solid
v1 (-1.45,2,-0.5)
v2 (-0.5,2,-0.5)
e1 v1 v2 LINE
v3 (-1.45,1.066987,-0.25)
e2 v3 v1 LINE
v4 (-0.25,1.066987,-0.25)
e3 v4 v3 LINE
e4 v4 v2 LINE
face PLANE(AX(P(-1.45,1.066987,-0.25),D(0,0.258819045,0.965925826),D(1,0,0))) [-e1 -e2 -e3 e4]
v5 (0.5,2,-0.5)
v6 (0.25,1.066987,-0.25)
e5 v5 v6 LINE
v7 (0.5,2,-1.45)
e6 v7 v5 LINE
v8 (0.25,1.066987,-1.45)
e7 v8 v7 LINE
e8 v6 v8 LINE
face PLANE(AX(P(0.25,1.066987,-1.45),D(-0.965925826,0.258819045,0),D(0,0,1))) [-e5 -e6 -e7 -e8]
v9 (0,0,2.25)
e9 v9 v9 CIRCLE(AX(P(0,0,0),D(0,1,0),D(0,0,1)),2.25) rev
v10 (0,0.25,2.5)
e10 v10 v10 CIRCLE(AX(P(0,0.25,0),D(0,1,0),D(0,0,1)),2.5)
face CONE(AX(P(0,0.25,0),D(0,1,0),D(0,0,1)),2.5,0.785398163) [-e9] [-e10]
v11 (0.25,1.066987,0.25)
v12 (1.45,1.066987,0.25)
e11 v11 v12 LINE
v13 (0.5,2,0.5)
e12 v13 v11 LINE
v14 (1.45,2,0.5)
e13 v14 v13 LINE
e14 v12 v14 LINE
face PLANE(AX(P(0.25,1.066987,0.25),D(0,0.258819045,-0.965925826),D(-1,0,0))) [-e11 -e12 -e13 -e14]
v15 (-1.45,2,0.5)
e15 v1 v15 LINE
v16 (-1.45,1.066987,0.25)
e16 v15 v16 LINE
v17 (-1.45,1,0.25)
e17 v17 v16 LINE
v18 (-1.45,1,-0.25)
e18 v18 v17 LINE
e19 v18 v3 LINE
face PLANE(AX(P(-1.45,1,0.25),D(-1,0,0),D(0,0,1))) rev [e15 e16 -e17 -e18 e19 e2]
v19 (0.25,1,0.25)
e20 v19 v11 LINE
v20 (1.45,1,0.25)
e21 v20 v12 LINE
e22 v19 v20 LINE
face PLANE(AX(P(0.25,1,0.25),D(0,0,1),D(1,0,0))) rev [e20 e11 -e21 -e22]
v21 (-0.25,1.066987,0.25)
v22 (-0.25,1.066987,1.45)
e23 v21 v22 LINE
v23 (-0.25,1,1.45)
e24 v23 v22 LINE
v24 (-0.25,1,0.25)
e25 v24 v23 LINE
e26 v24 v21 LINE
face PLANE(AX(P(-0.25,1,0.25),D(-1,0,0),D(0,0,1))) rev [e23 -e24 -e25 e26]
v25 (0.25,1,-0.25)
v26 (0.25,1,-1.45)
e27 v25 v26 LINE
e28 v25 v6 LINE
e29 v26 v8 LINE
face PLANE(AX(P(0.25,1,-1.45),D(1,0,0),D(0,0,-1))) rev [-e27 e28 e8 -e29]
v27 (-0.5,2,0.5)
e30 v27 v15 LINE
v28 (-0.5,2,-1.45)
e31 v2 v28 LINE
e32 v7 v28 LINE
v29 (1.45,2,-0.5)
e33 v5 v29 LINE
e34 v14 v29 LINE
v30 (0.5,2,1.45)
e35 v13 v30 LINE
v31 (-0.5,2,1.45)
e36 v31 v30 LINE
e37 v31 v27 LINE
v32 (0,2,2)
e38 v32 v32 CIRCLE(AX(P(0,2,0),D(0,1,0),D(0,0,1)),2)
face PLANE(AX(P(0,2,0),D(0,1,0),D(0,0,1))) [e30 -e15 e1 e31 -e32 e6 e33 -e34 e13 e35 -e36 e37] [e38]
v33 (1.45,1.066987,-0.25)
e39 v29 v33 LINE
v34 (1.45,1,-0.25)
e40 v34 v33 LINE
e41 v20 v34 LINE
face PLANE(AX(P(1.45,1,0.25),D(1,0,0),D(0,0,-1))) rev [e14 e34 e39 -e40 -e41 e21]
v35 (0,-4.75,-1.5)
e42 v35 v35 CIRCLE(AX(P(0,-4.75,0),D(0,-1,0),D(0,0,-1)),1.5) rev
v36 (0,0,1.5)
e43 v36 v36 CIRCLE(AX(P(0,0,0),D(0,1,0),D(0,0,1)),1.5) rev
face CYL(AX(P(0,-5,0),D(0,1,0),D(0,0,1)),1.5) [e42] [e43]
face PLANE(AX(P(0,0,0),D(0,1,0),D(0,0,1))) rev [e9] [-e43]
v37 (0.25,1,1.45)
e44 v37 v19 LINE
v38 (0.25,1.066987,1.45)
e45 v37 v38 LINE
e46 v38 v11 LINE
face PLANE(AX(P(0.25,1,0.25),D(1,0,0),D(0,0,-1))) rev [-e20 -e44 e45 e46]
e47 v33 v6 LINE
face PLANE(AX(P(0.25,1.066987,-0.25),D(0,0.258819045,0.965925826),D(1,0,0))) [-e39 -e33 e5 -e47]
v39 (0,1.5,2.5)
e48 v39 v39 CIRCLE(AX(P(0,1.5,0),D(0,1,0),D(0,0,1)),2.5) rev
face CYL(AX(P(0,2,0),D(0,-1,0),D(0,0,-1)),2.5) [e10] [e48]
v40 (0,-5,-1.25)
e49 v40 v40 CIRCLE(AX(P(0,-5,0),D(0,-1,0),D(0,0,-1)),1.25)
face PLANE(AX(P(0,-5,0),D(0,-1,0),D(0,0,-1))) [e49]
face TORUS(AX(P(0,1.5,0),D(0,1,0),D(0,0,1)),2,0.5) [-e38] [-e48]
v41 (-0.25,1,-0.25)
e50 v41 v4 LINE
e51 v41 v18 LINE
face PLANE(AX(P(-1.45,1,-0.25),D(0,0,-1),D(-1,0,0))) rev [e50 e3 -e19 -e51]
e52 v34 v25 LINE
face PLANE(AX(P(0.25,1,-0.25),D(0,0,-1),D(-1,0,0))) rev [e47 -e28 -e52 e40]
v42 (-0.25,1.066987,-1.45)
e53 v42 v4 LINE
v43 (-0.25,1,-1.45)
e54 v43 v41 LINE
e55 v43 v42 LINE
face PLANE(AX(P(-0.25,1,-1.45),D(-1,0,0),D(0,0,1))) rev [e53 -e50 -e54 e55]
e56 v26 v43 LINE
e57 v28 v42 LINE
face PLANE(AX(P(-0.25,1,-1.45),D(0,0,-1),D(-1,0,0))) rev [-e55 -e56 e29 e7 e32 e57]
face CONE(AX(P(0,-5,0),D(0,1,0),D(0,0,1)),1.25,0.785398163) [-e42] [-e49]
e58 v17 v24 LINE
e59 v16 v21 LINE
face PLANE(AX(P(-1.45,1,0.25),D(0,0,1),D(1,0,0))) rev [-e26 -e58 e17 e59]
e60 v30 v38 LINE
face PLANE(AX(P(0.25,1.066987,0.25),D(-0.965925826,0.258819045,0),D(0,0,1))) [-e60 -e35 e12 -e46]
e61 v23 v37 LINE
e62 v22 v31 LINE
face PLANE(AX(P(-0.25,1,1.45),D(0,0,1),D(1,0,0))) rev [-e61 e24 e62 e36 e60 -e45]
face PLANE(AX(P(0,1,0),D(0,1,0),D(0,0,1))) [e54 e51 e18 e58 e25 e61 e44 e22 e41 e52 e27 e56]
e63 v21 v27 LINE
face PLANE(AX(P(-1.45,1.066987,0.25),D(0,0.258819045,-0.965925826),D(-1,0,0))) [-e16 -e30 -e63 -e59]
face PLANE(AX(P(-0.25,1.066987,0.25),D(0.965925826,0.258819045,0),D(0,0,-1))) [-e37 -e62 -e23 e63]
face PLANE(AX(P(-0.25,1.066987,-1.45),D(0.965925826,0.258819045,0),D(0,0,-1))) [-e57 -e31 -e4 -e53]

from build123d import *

# Parameters (mm, degrees)
CROQUIS1_R              = 2.5
SALIENTE_EXTRUIR1_DEPTH = 2
CROQUIS2_R              = 1.5
SALIENTE_EXTRUIR2_DEPTH = 5
CHAFL_N1_SIZE           = 0.25
REDONDEO1_R             = 0.5
CORTAR_EXTRUIR1_DEPTH   = 1
CHAFL_N2_SIZE           = 0.25
CHAFL_N2_SIZE2          = 0.933012702


with BuildPart() as part:
    # Croquis1 → Saliente-Extruir1 (new body)
    with BuildSketch(Plane(origin=(0, 0, 0), x_dir=(1, 0, 0), z_dir=(0, 1, 0))):
        Circle(CROQUIS1_R)
    extrude(amount=SALIENTE_EXTRUIR1_DEPTH)

    # Croquis2 → Saliente-Extruir2 (add)
    with BuildSketch(Plane.XZ):
        Circle(CROQUIS2_R)
    extrude(amount=SALIENTE_EXTRUIR2_DEPTH)

    # Chaflán1
    chafl_n1_edges = [part.edges().sort_by_distance(p)[0] for p in [
        (-2.5, 0, 0),
        (-1.5, -5, 0),
    ]]
    chamfer(chafl_n1_edges, length=CHAFL_N1_SIZE)

    # Redondeo1
    redondeo1_edges = [part.edges().sort_by_distance(p)[0] for p in [
        (-2.5, 2, 0),
    ]]
    fillet(redondeo1_edges, radius=REDONDEO1_R)

    # Croquis3 → Cortar-Extruir1 (cut)
    with BuildSketch(Plane(origin=(0, 2, 0), x_dir=(1, 0, 0), z_dir=(0, 1, 0))):
        Polygon((0.25, 0.25), (1.45, 0.25), (1.45, -0.25), (0.25, -0.25), (0.25, -1.45), (-0.25, -1.45), (-0.25, -0.25), (-1.45, -0.25), (-1.45, 0.25), (-0.25, 0.25), (-0.25, 1.45), (0.25, 1.45), align=None)
    extrude(amount=-CORTAR_EXTRUIR1_DEPTH, mode=Mode.SUBTRACT)

    # Chaflán2
    chafl_n2_edges = [part.edges().sort_by_distance(p)[0] for p in [
        (-0.25, 2, -0.85),
        (-0.85, 2, -0.25),
        (-0.85, 2, 0.25),
        (-0.25, 2, 0.85),
        (0.25, 2, 0.85),
        (0.85, 2, 0.25),
        (0.85, 2, -0.25),
        (0.25, 2, -0.85),
    ]]
    chafl_n2_side = [part.faces().sort_by_distance(p)[0] for p in [
        (-1.943431458, 2, 0),
    ]]
    chamfer(chafl_n2_edges, length=CHAFL_N2_SIZE, length2=CHAFL_N2_SIZE2, reference=chafl_n2_side[0])


solid = part.part
